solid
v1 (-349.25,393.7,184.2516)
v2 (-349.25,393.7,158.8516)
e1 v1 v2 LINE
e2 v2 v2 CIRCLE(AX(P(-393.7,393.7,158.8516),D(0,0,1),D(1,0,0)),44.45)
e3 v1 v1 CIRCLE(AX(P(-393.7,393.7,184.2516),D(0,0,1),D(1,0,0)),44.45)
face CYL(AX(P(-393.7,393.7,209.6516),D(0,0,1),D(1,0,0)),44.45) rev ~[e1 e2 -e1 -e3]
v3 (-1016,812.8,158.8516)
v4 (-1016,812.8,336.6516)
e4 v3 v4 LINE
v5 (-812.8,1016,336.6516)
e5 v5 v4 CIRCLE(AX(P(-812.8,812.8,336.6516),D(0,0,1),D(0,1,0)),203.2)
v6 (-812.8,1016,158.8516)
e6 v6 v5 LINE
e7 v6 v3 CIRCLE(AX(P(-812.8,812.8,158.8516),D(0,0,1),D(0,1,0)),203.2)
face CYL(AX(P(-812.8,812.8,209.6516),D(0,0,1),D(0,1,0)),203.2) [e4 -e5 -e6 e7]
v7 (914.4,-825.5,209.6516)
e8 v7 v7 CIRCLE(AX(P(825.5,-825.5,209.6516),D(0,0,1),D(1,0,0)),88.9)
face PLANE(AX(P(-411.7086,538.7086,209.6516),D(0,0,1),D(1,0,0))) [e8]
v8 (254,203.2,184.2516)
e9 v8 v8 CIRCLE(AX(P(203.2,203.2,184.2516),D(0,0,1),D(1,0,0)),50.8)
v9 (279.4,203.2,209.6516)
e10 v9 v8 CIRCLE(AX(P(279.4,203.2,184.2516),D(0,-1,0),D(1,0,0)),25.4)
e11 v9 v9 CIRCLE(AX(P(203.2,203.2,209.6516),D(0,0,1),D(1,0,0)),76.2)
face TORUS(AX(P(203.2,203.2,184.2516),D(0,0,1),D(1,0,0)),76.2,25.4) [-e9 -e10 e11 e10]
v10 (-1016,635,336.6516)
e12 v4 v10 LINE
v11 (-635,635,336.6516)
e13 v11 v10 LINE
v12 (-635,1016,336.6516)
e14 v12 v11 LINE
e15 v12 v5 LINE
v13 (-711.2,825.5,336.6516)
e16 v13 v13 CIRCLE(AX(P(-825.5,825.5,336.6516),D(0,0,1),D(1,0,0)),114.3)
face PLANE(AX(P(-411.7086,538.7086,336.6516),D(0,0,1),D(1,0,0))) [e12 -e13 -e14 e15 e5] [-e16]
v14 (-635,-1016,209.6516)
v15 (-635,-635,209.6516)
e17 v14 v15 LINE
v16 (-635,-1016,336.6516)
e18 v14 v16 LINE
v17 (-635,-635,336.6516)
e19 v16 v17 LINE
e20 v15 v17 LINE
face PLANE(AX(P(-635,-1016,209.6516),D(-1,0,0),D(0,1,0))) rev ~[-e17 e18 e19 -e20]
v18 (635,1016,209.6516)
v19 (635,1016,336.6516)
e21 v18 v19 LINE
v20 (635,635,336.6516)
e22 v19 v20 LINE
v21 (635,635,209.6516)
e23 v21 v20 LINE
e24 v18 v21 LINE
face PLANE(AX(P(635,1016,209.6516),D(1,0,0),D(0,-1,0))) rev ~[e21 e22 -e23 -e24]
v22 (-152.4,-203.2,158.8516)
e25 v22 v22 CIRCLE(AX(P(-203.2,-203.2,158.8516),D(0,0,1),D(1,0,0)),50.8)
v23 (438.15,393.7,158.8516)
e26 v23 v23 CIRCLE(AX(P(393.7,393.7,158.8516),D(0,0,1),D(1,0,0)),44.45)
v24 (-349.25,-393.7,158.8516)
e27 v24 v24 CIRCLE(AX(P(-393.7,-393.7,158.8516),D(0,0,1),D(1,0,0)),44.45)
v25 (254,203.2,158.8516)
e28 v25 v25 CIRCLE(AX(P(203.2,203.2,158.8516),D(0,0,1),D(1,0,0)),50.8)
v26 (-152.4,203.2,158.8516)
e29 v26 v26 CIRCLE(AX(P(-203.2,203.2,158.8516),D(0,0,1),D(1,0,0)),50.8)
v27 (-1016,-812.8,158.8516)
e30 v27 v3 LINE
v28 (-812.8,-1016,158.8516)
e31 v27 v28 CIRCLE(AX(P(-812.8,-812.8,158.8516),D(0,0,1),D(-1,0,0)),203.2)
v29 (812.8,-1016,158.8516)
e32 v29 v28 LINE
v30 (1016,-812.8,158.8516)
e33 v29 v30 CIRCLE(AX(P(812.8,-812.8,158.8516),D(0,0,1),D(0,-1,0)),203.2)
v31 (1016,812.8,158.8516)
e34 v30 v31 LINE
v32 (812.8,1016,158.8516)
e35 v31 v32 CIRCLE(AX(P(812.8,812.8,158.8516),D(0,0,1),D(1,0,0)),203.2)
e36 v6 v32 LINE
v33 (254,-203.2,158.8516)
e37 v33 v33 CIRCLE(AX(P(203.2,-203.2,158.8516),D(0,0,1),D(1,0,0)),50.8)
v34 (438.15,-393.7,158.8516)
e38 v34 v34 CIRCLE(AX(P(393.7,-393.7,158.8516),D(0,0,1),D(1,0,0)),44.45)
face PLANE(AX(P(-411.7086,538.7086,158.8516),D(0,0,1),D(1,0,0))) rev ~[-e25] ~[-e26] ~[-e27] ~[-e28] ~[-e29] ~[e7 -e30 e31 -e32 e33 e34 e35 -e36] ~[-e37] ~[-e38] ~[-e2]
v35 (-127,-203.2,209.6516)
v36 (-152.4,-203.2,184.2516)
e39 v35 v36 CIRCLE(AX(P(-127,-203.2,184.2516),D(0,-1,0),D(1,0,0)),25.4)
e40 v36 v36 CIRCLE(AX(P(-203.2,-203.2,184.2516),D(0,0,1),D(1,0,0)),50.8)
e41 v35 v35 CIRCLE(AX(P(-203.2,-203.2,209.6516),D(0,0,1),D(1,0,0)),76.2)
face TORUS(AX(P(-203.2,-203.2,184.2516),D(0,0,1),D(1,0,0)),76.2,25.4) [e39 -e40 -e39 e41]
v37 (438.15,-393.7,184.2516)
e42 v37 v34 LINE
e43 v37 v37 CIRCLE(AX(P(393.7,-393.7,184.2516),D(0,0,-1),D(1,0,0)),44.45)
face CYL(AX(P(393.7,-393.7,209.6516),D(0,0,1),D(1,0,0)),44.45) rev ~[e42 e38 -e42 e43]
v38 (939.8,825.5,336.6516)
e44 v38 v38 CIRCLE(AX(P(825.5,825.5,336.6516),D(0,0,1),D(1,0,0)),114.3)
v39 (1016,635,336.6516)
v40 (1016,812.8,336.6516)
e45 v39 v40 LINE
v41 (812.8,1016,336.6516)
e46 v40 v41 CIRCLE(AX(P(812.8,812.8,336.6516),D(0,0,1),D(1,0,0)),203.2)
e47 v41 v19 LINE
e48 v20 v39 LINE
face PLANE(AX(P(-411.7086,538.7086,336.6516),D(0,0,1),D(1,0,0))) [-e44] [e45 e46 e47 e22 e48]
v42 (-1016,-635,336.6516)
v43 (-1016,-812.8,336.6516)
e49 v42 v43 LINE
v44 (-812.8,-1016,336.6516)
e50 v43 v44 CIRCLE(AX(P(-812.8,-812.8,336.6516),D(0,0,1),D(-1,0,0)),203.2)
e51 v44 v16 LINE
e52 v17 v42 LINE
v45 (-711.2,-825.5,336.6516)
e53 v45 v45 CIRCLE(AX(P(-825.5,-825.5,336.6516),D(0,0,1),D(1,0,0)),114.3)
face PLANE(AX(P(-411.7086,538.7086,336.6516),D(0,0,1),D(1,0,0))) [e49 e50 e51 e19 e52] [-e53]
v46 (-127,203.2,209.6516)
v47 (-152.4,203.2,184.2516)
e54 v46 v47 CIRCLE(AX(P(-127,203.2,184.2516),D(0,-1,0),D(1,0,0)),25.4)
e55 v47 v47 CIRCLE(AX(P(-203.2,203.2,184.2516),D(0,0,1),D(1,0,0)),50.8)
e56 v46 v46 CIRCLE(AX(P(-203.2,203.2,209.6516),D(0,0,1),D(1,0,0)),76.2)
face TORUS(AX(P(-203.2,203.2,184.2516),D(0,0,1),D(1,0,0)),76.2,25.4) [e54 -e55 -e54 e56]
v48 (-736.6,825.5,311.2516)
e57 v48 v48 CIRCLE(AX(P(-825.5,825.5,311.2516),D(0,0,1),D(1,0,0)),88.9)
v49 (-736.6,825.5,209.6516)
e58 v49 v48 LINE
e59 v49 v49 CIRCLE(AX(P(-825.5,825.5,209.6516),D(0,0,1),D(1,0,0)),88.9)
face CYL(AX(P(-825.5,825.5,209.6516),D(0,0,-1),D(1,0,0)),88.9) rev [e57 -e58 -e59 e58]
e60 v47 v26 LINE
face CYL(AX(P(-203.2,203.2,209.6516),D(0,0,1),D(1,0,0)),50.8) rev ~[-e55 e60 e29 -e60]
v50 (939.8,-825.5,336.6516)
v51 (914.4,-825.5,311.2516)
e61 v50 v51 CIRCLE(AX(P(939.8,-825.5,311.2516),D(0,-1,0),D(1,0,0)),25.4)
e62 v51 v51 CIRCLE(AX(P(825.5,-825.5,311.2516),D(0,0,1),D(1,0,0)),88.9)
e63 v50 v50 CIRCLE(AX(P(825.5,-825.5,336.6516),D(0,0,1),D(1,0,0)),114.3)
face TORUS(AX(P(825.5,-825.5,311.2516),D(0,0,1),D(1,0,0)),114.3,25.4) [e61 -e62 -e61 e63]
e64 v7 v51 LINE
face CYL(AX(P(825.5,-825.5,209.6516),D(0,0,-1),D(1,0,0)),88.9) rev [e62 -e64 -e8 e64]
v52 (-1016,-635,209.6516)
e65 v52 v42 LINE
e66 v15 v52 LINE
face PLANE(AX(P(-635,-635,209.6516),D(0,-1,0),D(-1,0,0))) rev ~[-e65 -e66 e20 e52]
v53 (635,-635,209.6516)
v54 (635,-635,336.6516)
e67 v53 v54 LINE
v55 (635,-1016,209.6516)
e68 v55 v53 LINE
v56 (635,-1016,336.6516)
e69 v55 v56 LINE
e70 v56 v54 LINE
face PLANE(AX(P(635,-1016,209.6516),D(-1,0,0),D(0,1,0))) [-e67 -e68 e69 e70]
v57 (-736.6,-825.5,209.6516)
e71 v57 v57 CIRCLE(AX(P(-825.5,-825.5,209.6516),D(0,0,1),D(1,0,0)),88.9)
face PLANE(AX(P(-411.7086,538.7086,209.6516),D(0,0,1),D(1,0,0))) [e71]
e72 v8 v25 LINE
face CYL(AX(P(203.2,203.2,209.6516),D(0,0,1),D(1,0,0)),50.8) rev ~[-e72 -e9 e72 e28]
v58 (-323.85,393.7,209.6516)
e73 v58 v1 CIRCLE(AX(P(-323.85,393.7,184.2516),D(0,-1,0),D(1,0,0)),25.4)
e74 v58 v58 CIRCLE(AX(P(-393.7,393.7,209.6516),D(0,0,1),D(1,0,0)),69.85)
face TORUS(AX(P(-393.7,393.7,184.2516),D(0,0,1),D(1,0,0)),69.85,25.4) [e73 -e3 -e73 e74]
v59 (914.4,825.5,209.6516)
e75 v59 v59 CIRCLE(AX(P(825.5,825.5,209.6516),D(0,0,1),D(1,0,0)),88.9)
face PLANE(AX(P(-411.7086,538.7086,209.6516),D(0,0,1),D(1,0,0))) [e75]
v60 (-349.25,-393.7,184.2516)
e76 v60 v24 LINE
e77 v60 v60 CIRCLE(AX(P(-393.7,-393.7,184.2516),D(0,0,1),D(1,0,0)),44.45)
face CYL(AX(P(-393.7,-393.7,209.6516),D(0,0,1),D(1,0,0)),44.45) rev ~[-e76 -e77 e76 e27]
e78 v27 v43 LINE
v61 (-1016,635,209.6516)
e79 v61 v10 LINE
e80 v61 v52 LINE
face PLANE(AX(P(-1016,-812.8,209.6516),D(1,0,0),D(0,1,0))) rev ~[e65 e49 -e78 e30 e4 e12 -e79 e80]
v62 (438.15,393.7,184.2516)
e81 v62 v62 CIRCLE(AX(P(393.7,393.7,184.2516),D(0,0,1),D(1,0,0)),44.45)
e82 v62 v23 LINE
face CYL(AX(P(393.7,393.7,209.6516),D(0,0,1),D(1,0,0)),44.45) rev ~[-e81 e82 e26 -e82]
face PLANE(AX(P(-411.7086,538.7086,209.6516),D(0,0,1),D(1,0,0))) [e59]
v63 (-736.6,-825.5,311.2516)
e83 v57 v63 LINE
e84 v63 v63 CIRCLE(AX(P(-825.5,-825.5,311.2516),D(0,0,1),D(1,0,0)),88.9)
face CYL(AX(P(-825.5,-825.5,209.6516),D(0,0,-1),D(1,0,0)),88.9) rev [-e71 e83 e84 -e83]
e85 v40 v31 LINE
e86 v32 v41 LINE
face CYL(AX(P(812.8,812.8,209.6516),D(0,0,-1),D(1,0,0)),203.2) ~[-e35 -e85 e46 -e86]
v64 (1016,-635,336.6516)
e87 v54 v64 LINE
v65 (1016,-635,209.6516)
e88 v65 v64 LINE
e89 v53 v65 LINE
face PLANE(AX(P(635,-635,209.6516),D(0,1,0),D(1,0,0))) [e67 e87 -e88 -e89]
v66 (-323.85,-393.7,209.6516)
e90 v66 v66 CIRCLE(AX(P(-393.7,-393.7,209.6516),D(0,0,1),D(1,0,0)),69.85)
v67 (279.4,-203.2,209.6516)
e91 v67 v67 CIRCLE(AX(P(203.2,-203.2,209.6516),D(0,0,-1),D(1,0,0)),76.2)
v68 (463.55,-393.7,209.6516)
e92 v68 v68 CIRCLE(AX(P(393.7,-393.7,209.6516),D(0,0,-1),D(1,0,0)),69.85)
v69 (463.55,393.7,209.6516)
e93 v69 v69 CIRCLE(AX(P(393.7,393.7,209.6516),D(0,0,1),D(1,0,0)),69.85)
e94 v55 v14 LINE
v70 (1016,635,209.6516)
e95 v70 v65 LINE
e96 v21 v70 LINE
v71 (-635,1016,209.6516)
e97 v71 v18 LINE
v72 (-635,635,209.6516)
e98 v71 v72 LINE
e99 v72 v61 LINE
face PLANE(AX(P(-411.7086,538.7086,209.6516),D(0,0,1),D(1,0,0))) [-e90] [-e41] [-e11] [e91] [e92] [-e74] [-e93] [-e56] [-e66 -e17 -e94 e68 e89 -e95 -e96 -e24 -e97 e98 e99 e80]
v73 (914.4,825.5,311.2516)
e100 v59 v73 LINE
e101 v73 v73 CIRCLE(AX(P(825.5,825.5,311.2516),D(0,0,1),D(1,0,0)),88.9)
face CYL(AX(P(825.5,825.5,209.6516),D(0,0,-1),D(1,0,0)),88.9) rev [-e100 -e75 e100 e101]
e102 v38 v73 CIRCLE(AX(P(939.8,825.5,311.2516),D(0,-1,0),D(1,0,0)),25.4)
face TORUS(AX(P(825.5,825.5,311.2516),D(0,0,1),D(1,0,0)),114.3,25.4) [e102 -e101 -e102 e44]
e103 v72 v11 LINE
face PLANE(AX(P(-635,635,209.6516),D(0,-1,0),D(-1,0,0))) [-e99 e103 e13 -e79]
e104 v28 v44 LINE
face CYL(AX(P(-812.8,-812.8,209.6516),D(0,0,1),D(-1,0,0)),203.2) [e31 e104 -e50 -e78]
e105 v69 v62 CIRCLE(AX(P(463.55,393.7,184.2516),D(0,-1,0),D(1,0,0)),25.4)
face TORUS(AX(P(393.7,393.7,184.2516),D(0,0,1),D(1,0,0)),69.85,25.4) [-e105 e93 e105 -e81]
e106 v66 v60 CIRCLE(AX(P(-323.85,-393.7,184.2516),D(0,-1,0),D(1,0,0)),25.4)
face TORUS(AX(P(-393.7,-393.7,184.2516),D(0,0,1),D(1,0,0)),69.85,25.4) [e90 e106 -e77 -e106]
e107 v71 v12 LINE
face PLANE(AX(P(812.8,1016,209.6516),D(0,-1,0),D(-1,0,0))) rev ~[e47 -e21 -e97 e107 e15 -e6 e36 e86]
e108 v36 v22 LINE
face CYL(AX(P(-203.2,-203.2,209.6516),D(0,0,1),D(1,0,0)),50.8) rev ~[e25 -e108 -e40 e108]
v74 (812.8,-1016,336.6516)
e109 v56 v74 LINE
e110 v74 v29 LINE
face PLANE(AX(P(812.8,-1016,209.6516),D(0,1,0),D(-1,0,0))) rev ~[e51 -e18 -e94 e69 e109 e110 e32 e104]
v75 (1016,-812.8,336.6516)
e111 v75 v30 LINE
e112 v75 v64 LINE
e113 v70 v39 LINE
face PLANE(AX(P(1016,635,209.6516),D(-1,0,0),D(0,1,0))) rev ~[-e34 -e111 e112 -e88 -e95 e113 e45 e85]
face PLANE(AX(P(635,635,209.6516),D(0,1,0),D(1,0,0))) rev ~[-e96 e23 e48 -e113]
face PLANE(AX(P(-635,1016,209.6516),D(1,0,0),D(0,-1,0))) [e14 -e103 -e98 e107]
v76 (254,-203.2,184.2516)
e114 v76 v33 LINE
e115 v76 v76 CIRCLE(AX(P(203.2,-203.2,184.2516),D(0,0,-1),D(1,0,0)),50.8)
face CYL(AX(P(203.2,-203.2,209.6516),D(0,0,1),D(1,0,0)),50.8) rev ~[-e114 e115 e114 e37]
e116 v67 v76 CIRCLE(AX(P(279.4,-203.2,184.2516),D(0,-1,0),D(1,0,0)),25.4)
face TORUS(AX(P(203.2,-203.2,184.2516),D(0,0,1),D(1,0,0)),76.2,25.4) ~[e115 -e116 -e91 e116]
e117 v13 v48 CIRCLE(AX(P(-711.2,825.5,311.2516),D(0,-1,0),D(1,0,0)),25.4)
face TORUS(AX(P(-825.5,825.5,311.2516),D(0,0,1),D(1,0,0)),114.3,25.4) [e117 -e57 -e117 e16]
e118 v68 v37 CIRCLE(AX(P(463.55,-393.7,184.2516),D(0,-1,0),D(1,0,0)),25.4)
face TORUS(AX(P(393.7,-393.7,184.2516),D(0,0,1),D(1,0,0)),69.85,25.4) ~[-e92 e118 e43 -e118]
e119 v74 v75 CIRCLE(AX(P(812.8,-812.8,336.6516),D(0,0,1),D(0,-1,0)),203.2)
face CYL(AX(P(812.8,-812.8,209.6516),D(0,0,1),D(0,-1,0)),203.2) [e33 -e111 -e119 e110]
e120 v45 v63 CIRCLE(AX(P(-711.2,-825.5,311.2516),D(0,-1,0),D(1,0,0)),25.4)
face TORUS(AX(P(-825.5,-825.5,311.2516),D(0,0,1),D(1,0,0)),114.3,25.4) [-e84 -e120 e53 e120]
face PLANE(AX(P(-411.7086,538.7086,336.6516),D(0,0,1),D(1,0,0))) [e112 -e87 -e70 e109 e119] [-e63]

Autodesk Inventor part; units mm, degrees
ref_plane "YZ Plane" through (0, 0, 0) normal (1, 0, 0) x (0, 1, 0)
ref_plane "XZ Plane" through (0, 0, 0) normal (0, 1, 0) x (-1, 0, 0)
ref_plane "XY Plane" through (0, 0, 0) normal (0, 0, 1) x (1, 0, 0)
sketch "Sketch1" plane through (-411.7086, 538.7086, 209.6516) normal (0, 0, 1) x (1, 0, 0)
  line L0 (1224.5086, 477.2914) -> (-401.0914, 477.2914)
  line L1 (-604.2914, 274.0914) -> (-604.2914, -1351.5086)
  line L2 (-401.0914, -1554.7086) -> (1224.5086, -1554.7086)
  line L3 (1427.7086, -1351.5086) -> (1427.7086, 274.0914)
  line L4 (1224.5086, 477.2914) -> (1046.7086, 477.2914)
  line L5 (1046.7086, 477.2914) -> (1046.7086, 96.2914)
  line L6 (1046.7086, 96.2914) -> (1427.7086, 96.2914)
  line L7 (1427.7086, 96.2914) -> (1427.7086, 274.0914)
  line L8 (1224.5086, -1554.7086) -> (1046.7086, -1554.7086)
  line L9 (1046.7086, -1554.7086) -> (1046.7086, -1173.7086)
  line L10 (1046.7086, -1173.7086) -> (1427.7086, -1173.7086)
  line L11 (1427.7086, -1173.7086) -> (1427.7086, -1351.5086)
  circle A0 centre (1237.2086, 286.7914) radius 88.9
  circle A1 centre (1237.2086, -1364.2086) radius 88.9
  arc A2 (1427.7086, 274.0914) -> (1224.5086, 477.2914) centre (1224.5086, 274.0914) ccw
  arc A3 (1224.5086, -1554.7086) -> (1427.7086, -1351.5086) centre (1224.5086, -1351.5086) ccw
  arc A4 (-604.2914, -1351.5086) -> (-401.0914, -1554.7086) centre (-401.0914, -1351.5086) ccw
  arc A5 (-401.0914, 477.2914) -> (-604.2914, 274.0914) centre (-401.0914, 274.0914) ccw
  line L12 (411.7086, -538.7086) -> (1567.4513, -538.7086)
  circle A6 centre (1237.2086, -1364.2086) radius 88.9
  line L13 (411.7086, -538.7086) -> (411.7086, -1318.858)
  circle A7 centre (-413.7914, 286.7914) radius 88.9
  circle A8 centre (-413.7914, -1364.2086) radius 88.9
  line L14 (-223.2914, 477.2914) -> (-223.2914, 96.2914)
  line L15 (-223.2914, 96.2914) -> (-604.2914, 96.2914)
  line L16 (-223.2914, -1554.7086) -> (-223.2914, -1173.7086)
  line L17 (-223.2914, -1173.7086) -> (-604.2914, -1173.7086)
  point P0 (-604.2914, 96.2914)
  point P1 (1427.7086, 96.2914)
  dimension "d0" = 1016
  dimension "d1" = 1016
  dimension "d2" = 1016
  dimension "d3" = 1016
  dimension "d4" = 381
  dimension "d5" = 381
  dimension "d6" = 381
  dimension "d7" = 381
  dimension "d8" = 177.8
  dimension "d9" = 177.8
  dimension "d11" = 203.2
  dimension "d12" = 203.2
extrude "Extrusion1" add sketch "Sketch1" along normal blind 127 contours A2 L3 L6 L5 L0 | L14 L15 L1 A5 L0 | L3 A3 L2 L9 L10 | L17 L16 L2 A4 L1
sketch "Sketch2" plane through (-411.7086, 538.7086, 209.6516) normal (0, 0, 1) x (1, 0, 0)
  line L0 (1427.7086, -1351.5086) -> (1427.7086, -1173.7086) projected
  line L1 (-604.2914, 274.0914) -> (-604.2914, 96.2914) projected
  line L2 (1224.5086, -1554.7086) -> (-401.0914, -1554.7086)
  line L3 (-604.2914, -1351.5086) -> (-604.2914, 274.0914)
  line L4 (-401.0914, 477.2914) -> (1224.5086, 477.2914)
  line L5 (1427.7086, 274.0914) -> (1427.7086, -1351.5086)
  arc A0 (1224.5086, -1554.7086) -> (1427.7086, -1351.5086) centre (1224.5086, -1351.5086) ccw
  arc A1 (-604.2914, -1351.5086) -> (-401.0914, -1554.7086) centre (-401.0914, -1351.5086) ccw
  arc A2 (-401.0914, 477.2914) -> (-604.2914, 274.0914) centre (-401.0914, 274.0914) ccw
  arc A3 (1427.7086, 274.0914) -> (1224.5086, 477.2914) centre (1224.5086, 274.0914) ccw
  line L6 (411.7086, -538.7086) -> (614.9086, -538.7086)
  line L7 (614.9086, -538.7086) -> (614.9086, -741.9086)
  line L8 (614.9086, -741.9086) -> (411.7086, -741.9086)
  line L9 (411.7086, -741.9086) -> (411.7086, -538.7086)
  circle A4 centre (614.9086, -741.9086) radius 50.8
  circle A5 centre (208.5086, -741.9086) radius 50.8
  circle A6 centre (614.9086, -335.5086) radius 50.8
  circle A7 centre (208.5086, -335.5086) radius 50.8
  line L10 (411.7086, -538.7086) -> (805.4086, -538.7086)
  line L11 (805.4086, -538.7086) -> (805.4086, -932.4086)
  line L12 (805.4086, -932.4086) -> (411.7086, -932.4086)
  line L13 (411.7086, -932.4086) -> (411.7086, -538.7086)
  circle A8 centre (805.4086, -932.4086) radius 44.45
  circle A9 centre (18.0086, -932.4086) radius 44.45
  circle A10 centre (805.4086, -145.0086) radius 44.45
  circle A11 centre (18.0086, -145.0086) radius 44.45
  line L14 (1107.2821, -735.5586) -> (1116.4989, -735.5586)
  point P0 (-604.2914, -538.7086)
  dimension "d17" = 1016
  dimension "d18" = 1016
  dimension "d19" = 1016
  dimension "d20" = 1016
  dimension "d21" = 203.2
  dimension "d22" = 101.6
  dimension "d23" = 203.2
  dimension "d24" = 203.2
  dimension "d25" = 393.7
  dimension "d26" = 393.7
  dimension "d27" = 88.9
extrude "Extrusion2" add sketch "Sketch2" against normal blind 50.8 contours A0 L2 A1 L3 L1 A2 L4 A3 L5 L0 | L6 L7 A4 L8 L9 | L10 L11 A8 L12 L13 L8 A4 L7
fillet "Fillet1" radius 25.4 12 edges at (-254, -203.2, 209.6516) (-254, 203.2, 209.6516) (152.4, 203.2, 209.6516) (152.4, -203.2, 209.6516) (-438.15, -393.7, 209.6516) (-438.15, 393.7, 209.6516) (349.25, 393.7, 209.6516) (349.25, -393.7, 209.6516) (736.6, 825.5, 336.6516) (736.6, -825.5, 336.6516) (-914.4, -825.5, 336.6516) (-914.4, 825.5, 336.6516)
properties part number "Nema17 Bracket"
